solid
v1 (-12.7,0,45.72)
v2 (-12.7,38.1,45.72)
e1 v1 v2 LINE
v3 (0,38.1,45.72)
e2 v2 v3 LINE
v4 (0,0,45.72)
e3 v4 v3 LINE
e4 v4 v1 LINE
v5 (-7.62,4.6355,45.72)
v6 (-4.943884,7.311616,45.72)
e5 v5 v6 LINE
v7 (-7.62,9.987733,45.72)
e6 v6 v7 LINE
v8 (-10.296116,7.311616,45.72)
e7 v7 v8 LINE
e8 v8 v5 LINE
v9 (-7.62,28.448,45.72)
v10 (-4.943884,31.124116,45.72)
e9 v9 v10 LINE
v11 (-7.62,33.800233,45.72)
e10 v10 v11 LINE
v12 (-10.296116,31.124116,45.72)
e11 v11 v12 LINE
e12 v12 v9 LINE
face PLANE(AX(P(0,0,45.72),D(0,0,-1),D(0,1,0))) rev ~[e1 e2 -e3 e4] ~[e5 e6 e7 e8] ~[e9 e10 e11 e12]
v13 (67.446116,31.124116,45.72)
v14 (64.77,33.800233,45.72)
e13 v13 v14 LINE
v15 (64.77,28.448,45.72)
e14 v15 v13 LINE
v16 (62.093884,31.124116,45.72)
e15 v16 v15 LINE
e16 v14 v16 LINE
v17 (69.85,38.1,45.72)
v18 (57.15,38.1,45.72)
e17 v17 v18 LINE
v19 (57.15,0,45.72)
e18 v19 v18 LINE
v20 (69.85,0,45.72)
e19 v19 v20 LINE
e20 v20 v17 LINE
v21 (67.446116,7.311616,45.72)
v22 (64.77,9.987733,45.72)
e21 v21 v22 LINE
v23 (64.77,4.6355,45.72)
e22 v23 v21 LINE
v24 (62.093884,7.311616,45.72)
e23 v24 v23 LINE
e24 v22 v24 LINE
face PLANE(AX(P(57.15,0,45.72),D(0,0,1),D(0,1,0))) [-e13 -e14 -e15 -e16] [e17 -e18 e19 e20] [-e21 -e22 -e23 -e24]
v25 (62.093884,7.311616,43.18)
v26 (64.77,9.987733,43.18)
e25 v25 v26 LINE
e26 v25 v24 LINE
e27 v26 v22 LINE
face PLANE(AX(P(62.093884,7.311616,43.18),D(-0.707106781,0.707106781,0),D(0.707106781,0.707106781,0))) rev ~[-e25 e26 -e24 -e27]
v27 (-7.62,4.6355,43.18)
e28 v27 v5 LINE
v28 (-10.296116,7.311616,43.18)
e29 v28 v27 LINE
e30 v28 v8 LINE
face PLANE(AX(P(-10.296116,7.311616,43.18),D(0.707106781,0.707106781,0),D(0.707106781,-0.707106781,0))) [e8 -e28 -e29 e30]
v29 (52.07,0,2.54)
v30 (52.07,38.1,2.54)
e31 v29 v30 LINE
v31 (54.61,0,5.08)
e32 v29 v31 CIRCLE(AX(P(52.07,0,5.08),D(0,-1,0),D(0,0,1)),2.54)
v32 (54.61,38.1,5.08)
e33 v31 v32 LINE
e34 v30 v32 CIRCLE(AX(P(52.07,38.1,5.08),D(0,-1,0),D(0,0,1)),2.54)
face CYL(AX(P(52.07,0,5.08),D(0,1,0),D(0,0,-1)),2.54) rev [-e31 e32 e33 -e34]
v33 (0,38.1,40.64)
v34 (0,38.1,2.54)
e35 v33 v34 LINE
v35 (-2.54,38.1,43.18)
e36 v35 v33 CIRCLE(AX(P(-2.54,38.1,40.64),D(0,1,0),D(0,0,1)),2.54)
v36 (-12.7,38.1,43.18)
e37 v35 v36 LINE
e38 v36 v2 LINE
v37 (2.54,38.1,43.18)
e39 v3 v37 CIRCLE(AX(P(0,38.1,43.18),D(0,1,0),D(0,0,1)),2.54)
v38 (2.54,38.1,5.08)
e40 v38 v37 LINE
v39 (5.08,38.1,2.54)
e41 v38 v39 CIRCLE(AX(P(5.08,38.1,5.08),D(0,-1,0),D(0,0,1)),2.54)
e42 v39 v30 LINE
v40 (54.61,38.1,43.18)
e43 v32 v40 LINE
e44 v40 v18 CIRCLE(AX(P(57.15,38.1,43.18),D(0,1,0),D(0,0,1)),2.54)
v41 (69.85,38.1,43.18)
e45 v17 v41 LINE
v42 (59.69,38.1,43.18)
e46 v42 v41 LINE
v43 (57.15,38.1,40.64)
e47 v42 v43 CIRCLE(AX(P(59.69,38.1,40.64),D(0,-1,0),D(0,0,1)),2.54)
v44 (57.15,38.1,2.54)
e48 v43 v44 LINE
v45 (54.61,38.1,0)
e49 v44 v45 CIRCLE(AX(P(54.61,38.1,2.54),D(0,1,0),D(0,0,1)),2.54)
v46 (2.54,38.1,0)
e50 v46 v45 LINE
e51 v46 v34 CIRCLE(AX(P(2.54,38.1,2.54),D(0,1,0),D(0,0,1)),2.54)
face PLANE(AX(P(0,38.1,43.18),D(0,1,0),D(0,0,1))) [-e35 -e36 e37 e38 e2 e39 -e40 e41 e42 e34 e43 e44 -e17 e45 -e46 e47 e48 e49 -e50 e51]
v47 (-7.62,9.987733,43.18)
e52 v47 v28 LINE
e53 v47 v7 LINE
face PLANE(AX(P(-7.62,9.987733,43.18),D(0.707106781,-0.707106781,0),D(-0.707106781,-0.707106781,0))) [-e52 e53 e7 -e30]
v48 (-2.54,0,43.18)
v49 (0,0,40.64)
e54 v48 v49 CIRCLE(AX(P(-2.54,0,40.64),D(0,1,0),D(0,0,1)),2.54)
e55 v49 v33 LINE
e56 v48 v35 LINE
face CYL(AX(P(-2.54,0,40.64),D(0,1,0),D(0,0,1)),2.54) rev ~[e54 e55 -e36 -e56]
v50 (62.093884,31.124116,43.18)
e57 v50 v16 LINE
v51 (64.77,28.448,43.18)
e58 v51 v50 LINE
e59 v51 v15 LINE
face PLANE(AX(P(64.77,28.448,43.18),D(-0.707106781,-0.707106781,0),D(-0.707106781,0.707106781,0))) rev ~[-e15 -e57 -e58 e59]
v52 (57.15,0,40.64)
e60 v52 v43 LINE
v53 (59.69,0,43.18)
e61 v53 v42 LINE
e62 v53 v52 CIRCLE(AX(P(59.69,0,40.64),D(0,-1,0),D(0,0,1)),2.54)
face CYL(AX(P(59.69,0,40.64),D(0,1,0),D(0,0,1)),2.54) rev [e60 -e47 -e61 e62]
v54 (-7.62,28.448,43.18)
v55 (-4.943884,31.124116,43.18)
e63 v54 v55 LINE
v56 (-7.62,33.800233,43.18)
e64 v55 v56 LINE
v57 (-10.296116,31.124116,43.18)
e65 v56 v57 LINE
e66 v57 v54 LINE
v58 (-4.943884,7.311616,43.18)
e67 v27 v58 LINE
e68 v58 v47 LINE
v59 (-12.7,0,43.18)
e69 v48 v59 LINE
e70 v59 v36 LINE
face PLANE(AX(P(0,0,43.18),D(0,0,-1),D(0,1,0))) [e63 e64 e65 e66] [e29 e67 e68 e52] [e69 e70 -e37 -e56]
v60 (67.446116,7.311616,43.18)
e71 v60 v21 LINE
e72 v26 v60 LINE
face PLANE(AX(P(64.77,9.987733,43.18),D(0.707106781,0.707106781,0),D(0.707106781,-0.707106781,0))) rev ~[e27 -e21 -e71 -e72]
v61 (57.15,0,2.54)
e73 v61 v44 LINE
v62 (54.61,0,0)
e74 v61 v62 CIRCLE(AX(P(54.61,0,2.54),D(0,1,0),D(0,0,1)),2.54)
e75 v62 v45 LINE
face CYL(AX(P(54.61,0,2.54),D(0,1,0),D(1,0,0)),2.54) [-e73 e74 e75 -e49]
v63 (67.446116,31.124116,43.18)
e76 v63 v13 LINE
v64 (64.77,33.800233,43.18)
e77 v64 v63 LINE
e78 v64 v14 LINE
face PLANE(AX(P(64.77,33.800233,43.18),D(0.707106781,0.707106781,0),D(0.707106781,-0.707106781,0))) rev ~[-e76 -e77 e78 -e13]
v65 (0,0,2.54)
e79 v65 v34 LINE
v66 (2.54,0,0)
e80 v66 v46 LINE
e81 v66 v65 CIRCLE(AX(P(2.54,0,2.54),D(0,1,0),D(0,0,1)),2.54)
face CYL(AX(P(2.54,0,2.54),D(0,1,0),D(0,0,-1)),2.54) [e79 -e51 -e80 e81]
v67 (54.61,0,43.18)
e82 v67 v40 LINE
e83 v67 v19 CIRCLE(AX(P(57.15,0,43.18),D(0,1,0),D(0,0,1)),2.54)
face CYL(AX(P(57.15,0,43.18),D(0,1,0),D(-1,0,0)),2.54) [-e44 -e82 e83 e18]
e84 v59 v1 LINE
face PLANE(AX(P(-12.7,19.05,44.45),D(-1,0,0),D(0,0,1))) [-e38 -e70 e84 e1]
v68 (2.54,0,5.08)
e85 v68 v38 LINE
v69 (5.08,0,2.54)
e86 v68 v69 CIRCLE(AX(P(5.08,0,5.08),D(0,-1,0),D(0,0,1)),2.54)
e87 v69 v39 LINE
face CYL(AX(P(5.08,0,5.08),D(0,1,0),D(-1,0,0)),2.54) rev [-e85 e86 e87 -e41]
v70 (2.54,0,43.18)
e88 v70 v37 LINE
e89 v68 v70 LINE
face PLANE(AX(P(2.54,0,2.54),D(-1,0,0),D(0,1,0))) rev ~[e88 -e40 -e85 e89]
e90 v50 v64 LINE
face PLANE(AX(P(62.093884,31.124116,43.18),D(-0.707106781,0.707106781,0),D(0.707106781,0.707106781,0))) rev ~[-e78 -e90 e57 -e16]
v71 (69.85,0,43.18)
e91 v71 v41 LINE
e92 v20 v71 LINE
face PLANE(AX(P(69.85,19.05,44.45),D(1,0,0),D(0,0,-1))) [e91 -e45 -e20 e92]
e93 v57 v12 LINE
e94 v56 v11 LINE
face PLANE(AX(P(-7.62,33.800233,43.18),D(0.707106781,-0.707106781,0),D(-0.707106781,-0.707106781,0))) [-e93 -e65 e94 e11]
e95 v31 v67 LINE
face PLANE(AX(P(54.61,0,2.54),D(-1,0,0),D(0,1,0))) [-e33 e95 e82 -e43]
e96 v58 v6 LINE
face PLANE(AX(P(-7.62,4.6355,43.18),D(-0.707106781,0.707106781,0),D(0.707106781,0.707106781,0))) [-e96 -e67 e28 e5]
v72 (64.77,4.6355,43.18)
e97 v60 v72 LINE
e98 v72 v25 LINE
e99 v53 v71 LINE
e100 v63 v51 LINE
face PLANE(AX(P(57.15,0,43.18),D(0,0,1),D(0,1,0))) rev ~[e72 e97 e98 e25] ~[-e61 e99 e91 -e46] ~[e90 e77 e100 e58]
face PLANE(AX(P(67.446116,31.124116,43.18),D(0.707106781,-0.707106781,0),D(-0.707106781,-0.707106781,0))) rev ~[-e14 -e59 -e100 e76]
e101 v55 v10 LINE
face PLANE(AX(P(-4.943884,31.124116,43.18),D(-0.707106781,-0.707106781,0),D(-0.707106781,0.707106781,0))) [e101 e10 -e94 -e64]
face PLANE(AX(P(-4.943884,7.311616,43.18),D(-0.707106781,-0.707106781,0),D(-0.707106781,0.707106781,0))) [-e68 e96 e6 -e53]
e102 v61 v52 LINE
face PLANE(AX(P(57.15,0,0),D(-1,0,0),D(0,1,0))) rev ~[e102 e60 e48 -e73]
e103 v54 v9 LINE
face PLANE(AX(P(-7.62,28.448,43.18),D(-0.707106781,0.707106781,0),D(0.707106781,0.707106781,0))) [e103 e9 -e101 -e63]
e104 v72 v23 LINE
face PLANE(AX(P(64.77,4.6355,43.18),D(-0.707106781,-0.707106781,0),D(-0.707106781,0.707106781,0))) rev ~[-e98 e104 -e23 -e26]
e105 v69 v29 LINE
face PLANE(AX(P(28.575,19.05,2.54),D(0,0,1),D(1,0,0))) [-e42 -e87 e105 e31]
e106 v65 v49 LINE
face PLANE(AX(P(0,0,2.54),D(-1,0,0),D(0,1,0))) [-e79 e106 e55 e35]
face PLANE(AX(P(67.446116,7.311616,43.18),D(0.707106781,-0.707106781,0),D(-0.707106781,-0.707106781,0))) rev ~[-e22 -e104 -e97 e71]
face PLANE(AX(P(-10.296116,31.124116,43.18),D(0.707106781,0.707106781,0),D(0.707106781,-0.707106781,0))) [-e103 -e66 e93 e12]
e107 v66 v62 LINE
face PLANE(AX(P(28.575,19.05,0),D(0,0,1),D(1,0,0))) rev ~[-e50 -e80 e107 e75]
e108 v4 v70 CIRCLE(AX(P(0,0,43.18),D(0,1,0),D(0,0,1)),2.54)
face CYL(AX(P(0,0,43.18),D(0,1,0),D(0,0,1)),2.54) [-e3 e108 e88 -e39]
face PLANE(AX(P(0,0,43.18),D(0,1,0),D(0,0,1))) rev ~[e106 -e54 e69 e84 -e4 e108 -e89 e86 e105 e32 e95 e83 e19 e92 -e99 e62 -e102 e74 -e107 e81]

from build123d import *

# Parameters (mm, degrees)
SKETCH1_W           = 57.15
SKETCH1_H           = 38.1
BOSS_EXTRUDE1_DEPTH = 2.54
SKETCH2_W           = 2.54
SKETCH2_H           = 38.1
BOSS_EXTRUDE2_DEPTH = 43.18
SKETCH3_W           = 2.54
SKETCH3_H           = 38.1
BOSS_EXTRUDE3_DEPTH = 12.7
SKETCH4_W           = 2.54
SKETCH4_H           = 38.1
BOSS_EXTRUDE4_DEPTH = 12.7
FILLET1_R           = 2.54
CUT_EXTRUDE1_DEPTH  = 91.527039607


with BuildPart() as part:
    # Sketch1 → Boss-Extrude1 (new body)
    with BuildSketch(Plane.XY):
        with Locations((28.575, 19.05)):
            Rectangle(SKETCH1_W, SKETCH1_H)
    extrude(amount=BOSS_EXTRUDE1_DEPTH)

    # Sketch2 → Boss-Extrude2 (add)
    with BuildSketch(Plane.XY.offset(2.54)):
        with Locations((1.27, 19.05)):
            Rectangle(SKETCH2_W, SKETCH2_H)
        with Locations((55.88, 19.05)):
            Rectangle(SKETCH2_W, SKETCH2_H)
    extrude(amount=BOSS_EXTRUDE2_DEPTH)

    # Sketch3 → Boss-Extrude3 (add)
    with BuildSketch(Plane(origin=(57.15, 0, 0), x_dir=(0, 0, -1), z_dir=(1, 0, 0))):
        with Locations((-44.45, 19.05)):
            Rectangle(SKETCH3_W, SKETCH3_H)
    extrude(amount=BOSS_EXTRUDE3_DEPTH)

    # Sketch4 → Boss-Extrude4 (add)
    with BuildSketch(Plane.ZY):
        with Locations((44.45, 19.05)):
            Rectangle(SKETCH4_W, SKETCH4_H)
    extrude(amount=BOSS_EXTRUDE4_DEPTH)

    # Fillet1
    fillet1_edges = [part.edges().sort_by_distance(p)[0] for p in [
        (2.54, 19.05, 2.54),
        (2.54, 19.05, 45.72),
        (54.61, 19.05, 2.54),
        (54.61, 19.05, 45.72),
        (57.15, 19.05, 43.18),
        (57.15, 19.05, 0),
        (0, 19.05, 43.18),
        (0, 19.05, 0),
    ]]
    fillet(fillet1_edges, radius=FILLET1_R)

    # Sketch5 → Cut-Extrude1 (cut, through all)
    with BuildSketch(Plane(origin=(0, 0, 43.18), x_dir=(-1, 0, 0), z_dir=(0, 0, -1))):
        Polygon((-64.77, 33.800232648), (-67.446116324, 31.124116324), (-64.77, 28.448), (-62.093883676, 31.124116324), align=None)
        Polygon((-64.77, 9.987732648), (-67.446116324, 7.311616324), (-64.77, 4.6355), (-62.093883676, 7.311616324), align=None)
        Polygon((4.943883676, 7.311616324), (7.62, 9.987732648), (10.296116324, 7.311616324), (7.62, 4.6355), align=None)
        Polygon((4.943883676, 31.124116324), (7.62, 33.800232648), (10.296116324, 31.124116324), (7.62, 28.448), align=None)
    extrude(amount=-CUT_EXTRUDE1_DEPTH, mode=Mode.SUBTRACT)


solid = part.part
